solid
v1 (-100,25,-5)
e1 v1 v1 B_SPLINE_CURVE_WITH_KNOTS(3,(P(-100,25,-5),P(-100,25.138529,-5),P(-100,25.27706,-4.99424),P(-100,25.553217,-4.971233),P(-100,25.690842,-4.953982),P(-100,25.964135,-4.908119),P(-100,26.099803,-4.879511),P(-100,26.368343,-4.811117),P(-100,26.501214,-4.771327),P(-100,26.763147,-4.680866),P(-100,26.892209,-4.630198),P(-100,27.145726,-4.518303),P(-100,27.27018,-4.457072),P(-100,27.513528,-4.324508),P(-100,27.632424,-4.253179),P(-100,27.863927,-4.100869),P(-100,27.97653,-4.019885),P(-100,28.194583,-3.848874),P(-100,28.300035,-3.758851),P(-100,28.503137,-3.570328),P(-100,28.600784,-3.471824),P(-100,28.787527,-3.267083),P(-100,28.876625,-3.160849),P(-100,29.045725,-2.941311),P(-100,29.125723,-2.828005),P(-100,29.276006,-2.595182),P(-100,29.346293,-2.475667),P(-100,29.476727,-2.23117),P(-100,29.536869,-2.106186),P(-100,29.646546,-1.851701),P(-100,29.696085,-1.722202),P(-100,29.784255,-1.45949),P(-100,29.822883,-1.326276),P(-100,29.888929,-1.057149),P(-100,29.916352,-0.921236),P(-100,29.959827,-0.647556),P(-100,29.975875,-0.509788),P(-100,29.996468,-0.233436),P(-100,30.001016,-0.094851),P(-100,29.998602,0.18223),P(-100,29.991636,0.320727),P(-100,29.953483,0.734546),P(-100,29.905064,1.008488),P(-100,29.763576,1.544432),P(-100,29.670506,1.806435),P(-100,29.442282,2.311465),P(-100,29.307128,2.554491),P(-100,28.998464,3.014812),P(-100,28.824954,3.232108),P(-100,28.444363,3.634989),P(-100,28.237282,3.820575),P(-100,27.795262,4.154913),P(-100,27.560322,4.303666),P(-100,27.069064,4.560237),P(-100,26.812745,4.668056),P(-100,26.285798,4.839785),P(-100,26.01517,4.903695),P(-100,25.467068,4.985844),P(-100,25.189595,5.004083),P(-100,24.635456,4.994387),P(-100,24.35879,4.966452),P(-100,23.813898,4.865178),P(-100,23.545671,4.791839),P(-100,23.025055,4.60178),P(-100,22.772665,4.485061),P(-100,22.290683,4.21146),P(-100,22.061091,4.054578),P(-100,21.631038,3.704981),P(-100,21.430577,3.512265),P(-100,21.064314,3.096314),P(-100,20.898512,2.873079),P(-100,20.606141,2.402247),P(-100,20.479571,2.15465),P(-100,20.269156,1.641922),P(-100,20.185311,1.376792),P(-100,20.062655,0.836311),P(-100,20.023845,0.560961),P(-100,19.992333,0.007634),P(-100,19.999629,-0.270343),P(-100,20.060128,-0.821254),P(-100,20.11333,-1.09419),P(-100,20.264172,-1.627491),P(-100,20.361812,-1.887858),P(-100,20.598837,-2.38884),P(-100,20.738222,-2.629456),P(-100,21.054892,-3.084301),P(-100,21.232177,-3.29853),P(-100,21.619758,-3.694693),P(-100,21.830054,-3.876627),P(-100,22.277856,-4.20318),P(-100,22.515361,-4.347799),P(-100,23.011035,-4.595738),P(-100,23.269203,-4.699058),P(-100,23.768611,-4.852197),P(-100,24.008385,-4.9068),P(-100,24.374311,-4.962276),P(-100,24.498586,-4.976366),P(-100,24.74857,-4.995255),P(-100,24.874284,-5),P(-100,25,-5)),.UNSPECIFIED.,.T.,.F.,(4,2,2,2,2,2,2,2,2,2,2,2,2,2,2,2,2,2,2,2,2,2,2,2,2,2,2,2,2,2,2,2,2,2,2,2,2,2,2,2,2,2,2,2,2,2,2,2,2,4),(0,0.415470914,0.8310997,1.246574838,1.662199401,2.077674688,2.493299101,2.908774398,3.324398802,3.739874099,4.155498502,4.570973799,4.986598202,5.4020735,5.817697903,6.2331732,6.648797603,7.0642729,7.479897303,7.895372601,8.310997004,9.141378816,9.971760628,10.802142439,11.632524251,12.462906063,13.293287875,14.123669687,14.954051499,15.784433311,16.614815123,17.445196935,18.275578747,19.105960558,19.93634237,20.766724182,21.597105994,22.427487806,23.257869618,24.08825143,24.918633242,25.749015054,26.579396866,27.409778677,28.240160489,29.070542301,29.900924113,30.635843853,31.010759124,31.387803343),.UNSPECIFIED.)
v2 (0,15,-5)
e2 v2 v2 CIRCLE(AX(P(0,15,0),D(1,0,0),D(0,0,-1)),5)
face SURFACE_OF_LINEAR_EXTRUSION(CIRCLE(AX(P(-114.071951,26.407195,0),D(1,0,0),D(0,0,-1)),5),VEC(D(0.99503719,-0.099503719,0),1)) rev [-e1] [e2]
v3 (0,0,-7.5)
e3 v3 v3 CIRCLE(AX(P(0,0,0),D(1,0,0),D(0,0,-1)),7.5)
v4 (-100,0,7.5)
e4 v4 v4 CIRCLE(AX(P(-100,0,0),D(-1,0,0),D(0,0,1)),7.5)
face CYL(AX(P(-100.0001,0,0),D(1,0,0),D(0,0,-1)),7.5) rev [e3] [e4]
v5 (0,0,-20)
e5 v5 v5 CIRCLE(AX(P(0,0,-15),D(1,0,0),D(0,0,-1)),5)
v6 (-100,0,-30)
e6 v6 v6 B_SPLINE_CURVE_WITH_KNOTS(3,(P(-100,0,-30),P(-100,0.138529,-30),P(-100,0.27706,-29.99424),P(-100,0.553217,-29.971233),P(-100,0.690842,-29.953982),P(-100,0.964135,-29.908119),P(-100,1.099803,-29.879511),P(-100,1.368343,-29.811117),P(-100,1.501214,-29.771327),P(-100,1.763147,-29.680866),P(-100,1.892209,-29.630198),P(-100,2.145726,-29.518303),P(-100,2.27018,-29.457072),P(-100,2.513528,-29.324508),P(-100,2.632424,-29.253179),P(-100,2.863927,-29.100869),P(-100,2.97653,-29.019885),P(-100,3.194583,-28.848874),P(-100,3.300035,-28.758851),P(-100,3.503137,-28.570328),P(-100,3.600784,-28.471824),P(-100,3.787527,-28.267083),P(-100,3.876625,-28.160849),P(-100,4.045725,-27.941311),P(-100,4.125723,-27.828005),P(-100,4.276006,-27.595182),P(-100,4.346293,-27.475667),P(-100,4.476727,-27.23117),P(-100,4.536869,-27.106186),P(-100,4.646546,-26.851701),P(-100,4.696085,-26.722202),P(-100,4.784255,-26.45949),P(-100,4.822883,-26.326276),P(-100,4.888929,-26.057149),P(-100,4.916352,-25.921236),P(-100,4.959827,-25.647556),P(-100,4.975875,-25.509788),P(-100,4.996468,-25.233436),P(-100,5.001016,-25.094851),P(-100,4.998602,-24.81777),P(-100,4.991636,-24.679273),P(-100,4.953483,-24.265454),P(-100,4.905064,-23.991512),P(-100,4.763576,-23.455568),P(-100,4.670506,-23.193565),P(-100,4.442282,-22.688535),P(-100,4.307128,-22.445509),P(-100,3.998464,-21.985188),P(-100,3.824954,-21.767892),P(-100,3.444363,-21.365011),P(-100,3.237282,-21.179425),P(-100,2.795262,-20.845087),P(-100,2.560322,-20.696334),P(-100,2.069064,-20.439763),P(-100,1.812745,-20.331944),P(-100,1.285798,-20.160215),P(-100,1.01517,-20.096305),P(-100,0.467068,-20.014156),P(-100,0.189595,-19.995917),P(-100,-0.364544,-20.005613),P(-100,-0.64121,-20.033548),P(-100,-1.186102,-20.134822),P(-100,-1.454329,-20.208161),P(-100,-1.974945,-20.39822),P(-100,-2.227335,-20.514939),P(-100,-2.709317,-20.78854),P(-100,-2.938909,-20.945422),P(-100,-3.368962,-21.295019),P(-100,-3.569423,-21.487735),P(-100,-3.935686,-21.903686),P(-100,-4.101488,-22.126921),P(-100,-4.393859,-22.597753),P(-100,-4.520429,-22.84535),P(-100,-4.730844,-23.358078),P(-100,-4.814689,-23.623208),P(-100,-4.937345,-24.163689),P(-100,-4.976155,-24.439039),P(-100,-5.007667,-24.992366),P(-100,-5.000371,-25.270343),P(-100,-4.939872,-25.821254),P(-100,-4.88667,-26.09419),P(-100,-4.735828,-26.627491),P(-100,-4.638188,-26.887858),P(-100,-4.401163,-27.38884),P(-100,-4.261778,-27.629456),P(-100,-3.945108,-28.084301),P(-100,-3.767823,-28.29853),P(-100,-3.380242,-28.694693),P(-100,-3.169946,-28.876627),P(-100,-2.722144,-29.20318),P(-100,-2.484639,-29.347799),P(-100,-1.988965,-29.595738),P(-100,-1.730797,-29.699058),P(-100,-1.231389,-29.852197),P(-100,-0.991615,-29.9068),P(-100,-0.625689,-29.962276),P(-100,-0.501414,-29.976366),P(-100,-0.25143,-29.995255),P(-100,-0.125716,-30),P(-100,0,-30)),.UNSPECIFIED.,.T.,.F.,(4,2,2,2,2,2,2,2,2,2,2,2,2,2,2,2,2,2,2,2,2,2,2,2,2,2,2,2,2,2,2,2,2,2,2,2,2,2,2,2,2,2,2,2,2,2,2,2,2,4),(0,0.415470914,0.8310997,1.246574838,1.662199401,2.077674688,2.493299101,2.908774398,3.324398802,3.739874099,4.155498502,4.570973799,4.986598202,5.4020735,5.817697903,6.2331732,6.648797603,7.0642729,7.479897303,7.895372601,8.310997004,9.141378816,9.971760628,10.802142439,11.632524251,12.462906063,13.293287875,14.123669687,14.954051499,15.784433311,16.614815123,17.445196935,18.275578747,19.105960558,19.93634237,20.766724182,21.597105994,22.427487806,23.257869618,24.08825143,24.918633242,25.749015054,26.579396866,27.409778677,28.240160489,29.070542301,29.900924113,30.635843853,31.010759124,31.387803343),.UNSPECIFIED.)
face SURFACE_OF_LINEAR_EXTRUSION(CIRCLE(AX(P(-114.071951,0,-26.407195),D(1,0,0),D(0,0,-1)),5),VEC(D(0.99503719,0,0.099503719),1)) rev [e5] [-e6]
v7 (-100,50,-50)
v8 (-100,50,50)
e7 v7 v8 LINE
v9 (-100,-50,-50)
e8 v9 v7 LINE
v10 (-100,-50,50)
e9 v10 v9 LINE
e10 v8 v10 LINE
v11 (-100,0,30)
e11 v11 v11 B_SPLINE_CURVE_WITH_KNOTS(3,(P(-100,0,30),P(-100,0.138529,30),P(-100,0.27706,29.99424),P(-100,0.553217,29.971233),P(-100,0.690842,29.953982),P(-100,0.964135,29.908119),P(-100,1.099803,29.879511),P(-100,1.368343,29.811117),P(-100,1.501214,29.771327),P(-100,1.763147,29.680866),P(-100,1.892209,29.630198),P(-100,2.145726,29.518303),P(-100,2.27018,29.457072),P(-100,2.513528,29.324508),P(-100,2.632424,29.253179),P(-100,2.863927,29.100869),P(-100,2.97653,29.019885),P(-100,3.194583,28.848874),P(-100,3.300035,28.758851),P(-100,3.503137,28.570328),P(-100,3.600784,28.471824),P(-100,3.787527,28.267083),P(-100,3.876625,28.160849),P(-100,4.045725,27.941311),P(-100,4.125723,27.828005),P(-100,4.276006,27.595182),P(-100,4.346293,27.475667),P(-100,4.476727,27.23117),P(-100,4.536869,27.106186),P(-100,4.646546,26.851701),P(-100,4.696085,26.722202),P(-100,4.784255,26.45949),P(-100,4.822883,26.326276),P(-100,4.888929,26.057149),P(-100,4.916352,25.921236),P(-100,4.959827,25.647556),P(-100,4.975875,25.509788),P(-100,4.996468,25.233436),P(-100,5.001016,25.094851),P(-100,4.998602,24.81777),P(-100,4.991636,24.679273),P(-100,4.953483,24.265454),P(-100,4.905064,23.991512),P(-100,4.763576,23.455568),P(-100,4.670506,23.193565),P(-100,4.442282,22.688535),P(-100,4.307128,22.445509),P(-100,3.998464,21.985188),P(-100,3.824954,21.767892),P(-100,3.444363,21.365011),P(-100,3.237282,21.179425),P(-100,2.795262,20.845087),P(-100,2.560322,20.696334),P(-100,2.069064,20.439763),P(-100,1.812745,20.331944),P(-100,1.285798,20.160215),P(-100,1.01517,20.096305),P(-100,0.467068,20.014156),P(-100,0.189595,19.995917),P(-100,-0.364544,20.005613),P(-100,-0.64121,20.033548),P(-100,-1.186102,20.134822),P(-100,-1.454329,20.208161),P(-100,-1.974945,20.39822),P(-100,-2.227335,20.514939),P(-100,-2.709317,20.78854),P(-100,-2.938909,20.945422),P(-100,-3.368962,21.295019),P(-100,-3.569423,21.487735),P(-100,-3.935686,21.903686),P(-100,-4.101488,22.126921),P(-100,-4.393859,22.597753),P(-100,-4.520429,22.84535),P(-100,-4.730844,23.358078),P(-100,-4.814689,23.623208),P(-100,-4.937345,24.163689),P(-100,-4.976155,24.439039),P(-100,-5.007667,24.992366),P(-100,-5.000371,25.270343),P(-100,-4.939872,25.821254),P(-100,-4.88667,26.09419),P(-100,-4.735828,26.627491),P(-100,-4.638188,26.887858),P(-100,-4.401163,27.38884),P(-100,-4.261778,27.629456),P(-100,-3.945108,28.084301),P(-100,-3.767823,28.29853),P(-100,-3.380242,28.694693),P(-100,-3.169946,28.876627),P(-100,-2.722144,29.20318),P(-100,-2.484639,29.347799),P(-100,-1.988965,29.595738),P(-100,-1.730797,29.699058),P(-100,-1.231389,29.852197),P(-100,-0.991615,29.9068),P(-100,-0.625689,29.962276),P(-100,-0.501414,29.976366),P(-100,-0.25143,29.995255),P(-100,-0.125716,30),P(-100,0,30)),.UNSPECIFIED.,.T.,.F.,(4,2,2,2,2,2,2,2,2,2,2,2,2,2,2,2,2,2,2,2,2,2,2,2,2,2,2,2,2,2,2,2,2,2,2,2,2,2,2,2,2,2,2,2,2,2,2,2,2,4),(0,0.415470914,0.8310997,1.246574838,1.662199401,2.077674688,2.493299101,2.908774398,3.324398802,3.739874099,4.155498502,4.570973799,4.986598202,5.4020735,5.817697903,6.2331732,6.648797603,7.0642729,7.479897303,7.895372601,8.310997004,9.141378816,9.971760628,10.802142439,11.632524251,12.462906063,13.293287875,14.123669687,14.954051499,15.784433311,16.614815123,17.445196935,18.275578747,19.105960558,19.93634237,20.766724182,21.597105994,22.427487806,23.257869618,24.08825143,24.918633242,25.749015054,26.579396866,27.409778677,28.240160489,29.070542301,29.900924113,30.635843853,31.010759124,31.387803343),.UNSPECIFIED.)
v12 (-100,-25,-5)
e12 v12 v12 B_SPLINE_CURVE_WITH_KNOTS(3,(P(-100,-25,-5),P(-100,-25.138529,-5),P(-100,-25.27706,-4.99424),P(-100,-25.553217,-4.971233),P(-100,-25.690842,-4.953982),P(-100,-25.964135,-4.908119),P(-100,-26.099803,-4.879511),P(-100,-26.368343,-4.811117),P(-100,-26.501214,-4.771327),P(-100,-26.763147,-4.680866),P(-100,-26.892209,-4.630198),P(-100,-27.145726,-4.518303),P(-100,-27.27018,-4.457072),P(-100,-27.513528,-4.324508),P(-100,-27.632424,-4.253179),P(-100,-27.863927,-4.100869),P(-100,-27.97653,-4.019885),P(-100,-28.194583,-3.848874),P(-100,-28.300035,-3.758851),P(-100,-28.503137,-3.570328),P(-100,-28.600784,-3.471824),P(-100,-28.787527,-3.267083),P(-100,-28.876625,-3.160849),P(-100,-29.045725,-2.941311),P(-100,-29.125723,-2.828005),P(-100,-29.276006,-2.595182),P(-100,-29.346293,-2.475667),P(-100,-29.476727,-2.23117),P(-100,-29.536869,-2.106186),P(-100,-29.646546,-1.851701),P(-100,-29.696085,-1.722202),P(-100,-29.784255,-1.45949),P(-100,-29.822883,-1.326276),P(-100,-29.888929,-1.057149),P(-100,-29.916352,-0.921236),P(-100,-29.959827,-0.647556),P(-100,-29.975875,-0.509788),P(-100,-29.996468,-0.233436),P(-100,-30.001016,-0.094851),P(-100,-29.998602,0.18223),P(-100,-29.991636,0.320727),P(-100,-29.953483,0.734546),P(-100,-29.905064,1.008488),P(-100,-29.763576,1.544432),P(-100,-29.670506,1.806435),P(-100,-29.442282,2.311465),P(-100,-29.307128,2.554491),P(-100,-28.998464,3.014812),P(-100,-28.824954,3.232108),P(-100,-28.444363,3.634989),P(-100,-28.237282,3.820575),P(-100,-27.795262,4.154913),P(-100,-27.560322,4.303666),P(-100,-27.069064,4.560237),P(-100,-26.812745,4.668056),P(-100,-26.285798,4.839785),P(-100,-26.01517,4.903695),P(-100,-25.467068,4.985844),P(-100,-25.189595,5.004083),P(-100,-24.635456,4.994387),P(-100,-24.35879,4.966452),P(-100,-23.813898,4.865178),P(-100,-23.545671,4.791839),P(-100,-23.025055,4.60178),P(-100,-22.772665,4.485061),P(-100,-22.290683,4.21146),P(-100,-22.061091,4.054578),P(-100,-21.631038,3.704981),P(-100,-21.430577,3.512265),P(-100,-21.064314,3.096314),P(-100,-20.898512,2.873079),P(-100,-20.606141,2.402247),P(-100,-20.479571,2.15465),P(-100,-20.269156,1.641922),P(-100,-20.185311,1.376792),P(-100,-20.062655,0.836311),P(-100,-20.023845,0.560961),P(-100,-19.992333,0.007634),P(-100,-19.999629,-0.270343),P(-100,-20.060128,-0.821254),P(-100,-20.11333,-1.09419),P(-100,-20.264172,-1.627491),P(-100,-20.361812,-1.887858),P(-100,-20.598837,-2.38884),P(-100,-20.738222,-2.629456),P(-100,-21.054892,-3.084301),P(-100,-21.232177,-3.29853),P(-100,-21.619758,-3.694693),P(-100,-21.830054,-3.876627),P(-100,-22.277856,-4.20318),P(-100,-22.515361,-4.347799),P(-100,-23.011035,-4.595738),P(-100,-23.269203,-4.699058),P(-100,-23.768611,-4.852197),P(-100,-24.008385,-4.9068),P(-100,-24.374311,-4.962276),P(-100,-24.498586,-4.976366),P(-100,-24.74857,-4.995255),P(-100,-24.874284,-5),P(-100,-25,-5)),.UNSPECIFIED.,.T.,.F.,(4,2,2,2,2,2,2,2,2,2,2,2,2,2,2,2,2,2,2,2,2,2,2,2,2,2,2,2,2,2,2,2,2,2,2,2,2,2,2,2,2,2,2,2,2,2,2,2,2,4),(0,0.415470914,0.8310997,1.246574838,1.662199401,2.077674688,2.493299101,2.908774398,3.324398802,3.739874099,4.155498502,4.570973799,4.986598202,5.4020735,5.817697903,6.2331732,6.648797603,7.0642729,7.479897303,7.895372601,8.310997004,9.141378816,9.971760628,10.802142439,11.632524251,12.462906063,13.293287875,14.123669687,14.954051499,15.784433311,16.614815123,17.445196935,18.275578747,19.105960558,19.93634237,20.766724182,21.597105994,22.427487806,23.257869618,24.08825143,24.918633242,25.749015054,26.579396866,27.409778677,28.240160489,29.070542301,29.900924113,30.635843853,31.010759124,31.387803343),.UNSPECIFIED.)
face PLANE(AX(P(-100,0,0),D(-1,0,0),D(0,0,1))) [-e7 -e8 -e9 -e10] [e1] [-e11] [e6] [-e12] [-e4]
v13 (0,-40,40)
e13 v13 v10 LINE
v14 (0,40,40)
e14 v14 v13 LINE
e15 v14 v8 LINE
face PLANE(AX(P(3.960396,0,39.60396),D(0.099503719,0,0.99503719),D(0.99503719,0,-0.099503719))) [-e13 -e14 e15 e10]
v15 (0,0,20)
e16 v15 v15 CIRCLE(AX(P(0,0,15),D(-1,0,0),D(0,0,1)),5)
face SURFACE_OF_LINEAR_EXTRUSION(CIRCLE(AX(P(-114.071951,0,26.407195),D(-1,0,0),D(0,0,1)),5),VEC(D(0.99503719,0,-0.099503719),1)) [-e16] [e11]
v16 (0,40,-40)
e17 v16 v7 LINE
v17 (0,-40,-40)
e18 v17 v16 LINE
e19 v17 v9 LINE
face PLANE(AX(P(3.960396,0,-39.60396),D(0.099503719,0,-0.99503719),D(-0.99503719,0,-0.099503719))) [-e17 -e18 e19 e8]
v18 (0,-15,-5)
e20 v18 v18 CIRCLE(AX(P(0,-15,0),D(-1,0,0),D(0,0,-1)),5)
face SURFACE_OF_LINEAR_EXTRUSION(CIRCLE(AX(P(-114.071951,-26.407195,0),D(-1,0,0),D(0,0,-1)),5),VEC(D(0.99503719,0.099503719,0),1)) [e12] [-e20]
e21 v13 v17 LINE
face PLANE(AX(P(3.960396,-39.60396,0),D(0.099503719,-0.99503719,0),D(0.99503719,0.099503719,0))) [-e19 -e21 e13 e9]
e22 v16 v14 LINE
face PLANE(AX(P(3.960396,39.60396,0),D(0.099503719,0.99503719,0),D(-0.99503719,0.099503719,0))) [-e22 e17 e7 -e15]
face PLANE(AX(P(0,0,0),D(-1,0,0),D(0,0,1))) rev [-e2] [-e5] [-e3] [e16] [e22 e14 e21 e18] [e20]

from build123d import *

# Parameters (mm, degrees)
SKETCH3_R          = 5
SKETCH6_R          = 5
SKETCH7_R          = 7.5
CUT_EXTRUDE1_DEPTH = 123.474487302


with BuildPart() as part:
    # Sketch1 → Loft1 section 0
    with BuildSketch(Plane(origin=(0, 0, 0), x_dir=(0, 0, -1), z_dir=(1, 0, 0))):
        with BuildLine():
            Line((40, 40), (-40, 40))
            Line((-40, 40), (-40, -40))
            Line((-40, -40), (40, -40))
            Line((40, -40), (40, 40))
        make_face()
    # Sketch2 → Loft1 section 1
    with BuildSketch(Plane(origin=(-100, 0, 0), x_dir=(0, 0, -1), z_dir=(1, 0, 0))):
        with BuildLine():
            Line((50, 50), (-50, 50))
            Line((-50, 50), (-50, -50))
            Line((-50, -50), (50, -50))
            Line((50, -50), (50, 50))
        make_face()
    loft()

    # Cut-Sweep2: sweep along a path in Sketch4
    with BuildLine(Plane(origin=(0, 0, 0), x_dir=(1, 0, 0), z_dir=(0, 1, 0))) as cut_sweep2_path:
        Line((0, 15), (-100, 25))
    # Sketch3 → Cut-Sweep2 (sweep, cut)
    with BuildSketch(Plane(origin=(0, 0, 0), x_dir=(0, 0, -1), z_dir=(1, 0, 0))):
        with Locations((15, 0)):
            Circle(SKETCH3_R)
    cut_sweep2 = sweep(path=cut_sweep2_path.line, mode=Mode.SUBTRACT)

    # Cut-Sweep3: sweep along a path in Sketch5
    with BuildLine(Plane.XY) as cut_sweep3_path:
        Line((0, 15), (-100, 25))
    # Sketch6 → Cut-Sweep3 (sweep, cut)
    with BuildSketch(Plane(origin=(0, 0, 0), x_dir=(0, 0, -1), z_dir=(1, 0, 0))):
        with Locations((0, 15)):
            Circle(SKETCH6_R)
    cut_sweep3 = sweep(path=cut_sweep3_path.line, mode=Mode.SUBTRACT)

    # Mirror1: Cut-Sweep2 across plane
    add(cut_sweep2.mirror(Plane.XY), mode=Mode.SUBTRACT)

    # Mirror2: Cut-Sweep3 across plane
    add(cut_sweep3.mirror(Plane.ZX), mode=Mode.SUBTRACT)

    # Sketch7 → Cut-Extrude1 (cut, through all)
    with BuildSketch(Plane(origin=(0, 0, 0), x_dir=(0, 0, -1), z_dir=(1, 0, 0))):
        Circle(SKETCH7_R)
    extrude(amount=-CUT_EXTRUDE1_DEPTH, mode=Mode.SUBTRACT)


solid = part.part
